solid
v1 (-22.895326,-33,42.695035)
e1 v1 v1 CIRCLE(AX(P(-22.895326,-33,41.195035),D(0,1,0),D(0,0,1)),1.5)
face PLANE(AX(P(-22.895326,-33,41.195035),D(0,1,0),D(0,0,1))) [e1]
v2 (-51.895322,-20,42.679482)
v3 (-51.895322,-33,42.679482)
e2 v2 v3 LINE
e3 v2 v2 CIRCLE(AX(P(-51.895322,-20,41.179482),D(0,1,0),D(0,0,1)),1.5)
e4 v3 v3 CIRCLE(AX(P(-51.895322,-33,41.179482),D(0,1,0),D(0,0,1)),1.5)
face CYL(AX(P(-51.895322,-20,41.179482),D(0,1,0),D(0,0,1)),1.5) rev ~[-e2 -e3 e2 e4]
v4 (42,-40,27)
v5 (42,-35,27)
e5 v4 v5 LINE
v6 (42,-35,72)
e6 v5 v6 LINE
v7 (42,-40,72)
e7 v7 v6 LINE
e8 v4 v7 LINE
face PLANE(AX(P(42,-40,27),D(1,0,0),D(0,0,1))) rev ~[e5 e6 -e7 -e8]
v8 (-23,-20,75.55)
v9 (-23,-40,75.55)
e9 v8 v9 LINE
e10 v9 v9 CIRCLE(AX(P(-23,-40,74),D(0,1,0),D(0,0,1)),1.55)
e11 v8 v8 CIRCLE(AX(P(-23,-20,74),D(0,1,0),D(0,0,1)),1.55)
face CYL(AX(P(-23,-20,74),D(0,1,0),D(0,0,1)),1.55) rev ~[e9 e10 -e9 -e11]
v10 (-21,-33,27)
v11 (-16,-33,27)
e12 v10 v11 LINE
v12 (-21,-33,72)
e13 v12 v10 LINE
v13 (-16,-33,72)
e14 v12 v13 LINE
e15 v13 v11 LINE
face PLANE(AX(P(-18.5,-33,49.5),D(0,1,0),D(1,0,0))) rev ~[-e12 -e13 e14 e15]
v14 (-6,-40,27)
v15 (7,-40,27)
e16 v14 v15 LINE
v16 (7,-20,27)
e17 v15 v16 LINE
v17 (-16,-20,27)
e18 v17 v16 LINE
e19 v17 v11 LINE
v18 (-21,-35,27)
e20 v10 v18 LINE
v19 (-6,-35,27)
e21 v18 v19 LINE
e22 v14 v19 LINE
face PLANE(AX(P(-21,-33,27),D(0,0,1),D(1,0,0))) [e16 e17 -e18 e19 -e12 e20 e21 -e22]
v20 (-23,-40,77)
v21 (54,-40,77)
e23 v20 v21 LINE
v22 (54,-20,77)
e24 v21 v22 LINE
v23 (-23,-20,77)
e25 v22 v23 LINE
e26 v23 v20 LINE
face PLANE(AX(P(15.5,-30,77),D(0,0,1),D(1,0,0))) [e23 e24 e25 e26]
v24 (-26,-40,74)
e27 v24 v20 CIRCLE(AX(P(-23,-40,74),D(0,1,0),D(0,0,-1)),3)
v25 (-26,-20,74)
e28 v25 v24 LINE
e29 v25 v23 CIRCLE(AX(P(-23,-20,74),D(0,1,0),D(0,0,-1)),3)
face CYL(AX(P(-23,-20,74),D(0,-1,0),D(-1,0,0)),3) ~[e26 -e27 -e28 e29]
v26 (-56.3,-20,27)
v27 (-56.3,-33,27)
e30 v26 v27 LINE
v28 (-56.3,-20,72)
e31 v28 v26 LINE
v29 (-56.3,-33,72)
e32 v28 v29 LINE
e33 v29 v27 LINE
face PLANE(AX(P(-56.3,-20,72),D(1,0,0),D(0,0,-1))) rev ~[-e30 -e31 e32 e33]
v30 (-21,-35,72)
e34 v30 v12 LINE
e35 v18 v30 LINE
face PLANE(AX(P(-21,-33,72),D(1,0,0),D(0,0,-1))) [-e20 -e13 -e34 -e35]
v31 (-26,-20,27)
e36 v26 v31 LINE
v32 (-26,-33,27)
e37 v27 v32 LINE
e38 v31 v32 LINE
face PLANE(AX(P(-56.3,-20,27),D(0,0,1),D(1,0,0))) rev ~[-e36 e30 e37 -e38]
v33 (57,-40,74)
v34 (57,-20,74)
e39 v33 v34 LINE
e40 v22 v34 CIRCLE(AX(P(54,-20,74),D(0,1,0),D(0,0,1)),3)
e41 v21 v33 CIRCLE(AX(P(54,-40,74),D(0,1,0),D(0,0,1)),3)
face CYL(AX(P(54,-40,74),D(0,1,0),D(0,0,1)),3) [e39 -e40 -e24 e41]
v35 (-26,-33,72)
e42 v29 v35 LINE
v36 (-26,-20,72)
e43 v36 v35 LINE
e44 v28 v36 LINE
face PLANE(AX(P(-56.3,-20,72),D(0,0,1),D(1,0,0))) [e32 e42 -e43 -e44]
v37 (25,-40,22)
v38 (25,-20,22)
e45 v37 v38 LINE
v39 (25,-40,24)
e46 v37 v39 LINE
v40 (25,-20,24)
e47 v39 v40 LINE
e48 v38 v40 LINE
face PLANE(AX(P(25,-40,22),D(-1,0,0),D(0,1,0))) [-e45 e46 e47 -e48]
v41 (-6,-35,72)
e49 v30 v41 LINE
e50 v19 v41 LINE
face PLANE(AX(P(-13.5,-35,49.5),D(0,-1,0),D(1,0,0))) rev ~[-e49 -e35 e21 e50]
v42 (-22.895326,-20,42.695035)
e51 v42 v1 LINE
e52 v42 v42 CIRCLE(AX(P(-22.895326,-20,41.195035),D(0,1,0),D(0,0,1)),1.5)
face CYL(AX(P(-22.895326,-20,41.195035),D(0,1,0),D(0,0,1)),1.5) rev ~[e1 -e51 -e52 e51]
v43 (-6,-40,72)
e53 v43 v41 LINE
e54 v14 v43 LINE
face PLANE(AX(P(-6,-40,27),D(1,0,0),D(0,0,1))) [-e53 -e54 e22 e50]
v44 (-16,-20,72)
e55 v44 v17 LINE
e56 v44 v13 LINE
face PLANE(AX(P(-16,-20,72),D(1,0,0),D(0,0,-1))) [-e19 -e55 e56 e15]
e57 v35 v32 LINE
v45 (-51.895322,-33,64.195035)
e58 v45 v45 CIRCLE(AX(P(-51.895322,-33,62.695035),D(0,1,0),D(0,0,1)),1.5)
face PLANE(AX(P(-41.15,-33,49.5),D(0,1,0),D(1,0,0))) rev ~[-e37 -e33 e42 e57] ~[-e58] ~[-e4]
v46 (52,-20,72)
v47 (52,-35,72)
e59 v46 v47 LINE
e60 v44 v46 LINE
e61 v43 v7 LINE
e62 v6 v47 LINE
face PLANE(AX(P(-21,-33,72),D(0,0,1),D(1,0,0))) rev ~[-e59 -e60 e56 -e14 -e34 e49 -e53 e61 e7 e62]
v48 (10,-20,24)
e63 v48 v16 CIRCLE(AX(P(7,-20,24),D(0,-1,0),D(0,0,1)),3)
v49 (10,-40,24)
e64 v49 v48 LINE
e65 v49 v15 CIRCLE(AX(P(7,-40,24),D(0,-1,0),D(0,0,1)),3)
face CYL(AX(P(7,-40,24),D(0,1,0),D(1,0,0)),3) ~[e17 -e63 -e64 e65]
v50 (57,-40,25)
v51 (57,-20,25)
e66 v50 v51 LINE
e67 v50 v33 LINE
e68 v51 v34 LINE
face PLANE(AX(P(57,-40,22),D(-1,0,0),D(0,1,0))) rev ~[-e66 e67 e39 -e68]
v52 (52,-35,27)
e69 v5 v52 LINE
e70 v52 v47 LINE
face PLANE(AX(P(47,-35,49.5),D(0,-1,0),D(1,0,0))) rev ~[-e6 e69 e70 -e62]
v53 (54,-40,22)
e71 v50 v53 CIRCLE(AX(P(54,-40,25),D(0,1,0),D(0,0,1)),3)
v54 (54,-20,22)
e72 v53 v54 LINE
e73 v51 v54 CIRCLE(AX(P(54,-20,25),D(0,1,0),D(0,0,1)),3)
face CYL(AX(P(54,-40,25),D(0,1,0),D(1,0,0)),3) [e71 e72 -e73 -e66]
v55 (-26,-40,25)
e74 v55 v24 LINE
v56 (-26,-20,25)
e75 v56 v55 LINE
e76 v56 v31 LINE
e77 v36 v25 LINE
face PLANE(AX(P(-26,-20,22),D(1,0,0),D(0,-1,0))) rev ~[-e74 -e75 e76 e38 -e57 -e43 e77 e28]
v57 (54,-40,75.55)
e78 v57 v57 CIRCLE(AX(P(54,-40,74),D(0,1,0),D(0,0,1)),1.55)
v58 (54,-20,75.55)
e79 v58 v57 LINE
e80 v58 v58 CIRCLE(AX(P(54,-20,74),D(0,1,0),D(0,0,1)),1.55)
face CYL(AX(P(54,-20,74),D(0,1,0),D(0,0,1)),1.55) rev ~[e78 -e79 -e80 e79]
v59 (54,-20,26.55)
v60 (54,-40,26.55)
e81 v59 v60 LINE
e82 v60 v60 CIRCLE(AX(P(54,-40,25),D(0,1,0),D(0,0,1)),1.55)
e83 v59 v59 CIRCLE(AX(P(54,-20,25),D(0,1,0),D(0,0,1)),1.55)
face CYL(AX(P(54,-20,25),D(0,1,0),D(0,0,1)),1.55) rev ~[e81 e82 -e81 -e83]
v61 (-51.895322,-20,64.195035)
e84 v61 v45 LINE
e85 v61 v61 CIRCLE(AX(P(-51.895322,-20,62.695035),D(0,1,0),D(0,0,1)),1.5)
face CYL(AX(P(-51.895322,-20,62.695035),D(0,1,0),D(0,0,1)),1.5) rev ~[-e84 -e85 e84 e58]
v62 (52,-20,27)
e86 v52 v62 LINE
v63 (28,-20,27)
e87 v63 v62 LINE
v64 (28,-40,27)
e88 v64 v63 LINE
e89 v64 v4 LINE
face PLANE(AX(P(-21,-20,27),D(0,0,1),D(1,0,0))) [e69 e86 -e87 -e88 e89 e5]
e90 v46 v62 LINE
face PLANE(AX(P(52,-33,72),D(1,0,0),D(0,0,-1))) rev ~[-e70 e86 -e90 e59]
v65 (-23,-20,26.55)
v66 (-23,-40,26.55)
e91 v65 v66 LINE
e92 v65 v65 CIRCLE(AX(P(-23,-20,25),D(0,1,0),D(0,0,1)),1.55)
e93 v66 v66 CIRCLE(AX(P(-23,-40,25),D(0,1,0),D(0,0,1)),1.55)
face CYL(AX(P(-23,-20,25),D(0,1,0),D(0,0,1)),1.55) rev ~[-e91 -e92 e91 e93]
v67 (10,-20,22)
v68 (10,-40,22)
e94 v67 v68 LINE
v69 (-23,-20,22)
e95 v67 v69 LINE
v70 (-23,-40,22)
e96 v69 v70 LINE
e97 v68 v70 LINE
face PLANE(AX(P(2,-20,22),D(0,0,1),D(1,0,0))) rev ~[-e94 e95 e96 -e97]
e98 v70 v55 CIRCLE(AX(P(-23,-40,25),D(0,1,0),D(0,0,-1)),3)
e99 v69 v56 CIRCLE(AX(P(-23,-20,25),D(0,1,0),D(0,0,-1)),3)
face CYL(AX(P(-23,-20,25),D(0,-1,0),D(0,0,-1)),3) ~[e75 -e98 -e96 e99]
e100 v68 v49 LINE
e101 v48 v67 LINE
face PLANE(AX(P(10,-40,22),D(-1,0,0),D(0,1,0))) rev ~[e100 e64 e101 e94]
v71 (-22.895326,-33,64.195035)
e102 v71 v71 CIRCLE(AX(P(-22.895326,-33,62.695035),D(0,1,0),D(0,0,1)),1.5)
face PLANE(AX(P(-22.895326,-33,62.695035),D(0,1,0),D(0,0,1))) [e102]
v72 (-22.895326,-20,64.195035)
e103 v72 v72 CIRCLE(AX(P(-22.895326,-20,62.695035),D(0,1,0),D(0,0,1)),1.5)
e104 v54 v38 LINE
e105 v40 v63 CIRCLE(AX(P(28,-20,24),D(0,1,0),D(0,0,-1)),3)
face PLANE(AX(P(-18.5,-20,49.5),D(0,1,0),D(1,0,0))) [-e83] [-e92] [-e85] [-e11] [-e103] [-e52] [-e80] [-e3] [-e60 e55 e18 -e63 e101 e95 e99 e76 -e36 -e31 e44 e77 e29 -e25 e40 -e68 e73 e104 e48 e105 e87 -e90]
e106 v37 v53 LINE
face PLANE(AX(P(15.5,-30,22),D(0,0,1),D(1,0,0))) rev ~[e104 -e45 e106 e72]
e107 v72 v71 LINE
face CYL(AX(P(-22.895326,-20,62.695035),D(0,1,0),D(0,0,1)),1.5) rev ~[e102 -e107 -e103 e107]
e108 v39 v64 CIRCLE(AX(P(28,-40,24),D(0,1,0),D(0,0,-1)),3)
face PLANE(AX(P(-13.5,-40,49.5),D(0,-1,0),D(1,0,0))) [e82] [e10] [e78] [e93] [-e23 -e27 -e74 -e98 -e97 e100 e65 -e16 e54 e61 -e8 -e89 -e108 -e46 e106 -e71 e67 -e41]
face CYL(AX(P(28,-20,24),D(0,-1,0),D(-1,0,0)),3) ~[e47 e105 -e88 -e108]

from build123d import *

# Parameters (mm, degrees)
EXTRUDE_1_DEPTH             = 10
EXTRUDE_2_REACH             = 34.619
SKETCH_2_R                  = 10
EXTRUDE_2_DIRECTION_2_DEPTH = 2
SKETCH_6_R                  = 1.65
SKETCH_6_W                  = 14.704506527
SKETCH_6_H                  = 8.520368268
CUT_EXTRUDE_2_DEPTH         = 43.983979574
FILLET_1_R                  = 1
FILLET_2_R                  = 0.5
EXTRUDE_3_DEPTH             = 8
EXTRUDE_4_DEPTH             = 55
SKETCH_9_W                  = 73
SKETCH_9_H                  = 45
CUT_EXTRUDE_3_DEPTH         = 13
SKETCH_10_W                 = 15
SKETCH_10_H                 = 20
CUT_EXTRUDE_4_DEPTH         = 13
SKETCH_11_W                 = 73
SKETCH_11_H                 = 45
CUT_EXTRUDE_6_DEPTH         = 13
SKETCH_12_W                 = 15
SKETCH_12_H                 = 45
SKETCH_12_W_2               = 10
EXTRUDE_5_DEPTH             = 5
FILLET_3_R                  = 3
SKETCH_14_R                 = 1.55
CUT_EXTRUDE_7_DEPTH         = 102.004950374
SKETCH_15_W                 = 8
SKETCH_15_H                 = 22
CUT_EXTRUDE_8_DEPTH         = 20
SKETCH_18_W                 = 5
SKETCH_18_H                 = 45
SKETCH_18_W_2               = 30.3
EXTRUDE_6_DEPTH             = 13
SKETCH_20_R                 = 1.5
CUT_EXTRUDE_9_DEPTH         = 13


with BuildPart() as part:
    # 草图1 → 凸台-拉伸1 (new, symmetric)
    with BuildSketch(Plane.XY):
        with BuildLine():
            Line((-1.15, 3.987480407), (-1.15, 12))
            Line((-1.15, 12), (-4.15, 12))
            Line((-4.15, 12), (-4.15, 4.333301282))
            ThreePointArc((-4.15, 4.333301282), (-4.784308974, 3.620826928), (-5.297685557, 2.816829377))
            Line((-5.297685557, 2.816829377), (-8, -2.265484914))
            Line((-8, -2.265484914), (-8, -30))
            Line((-8, -30), (0, -30))
            Line((0, -30), (0, -8.485281374))
            Line((0, -8.485281374), (4.242640687, -4.242640687))
            ThreePointArc((4.242640687, -4.242640687), (5.999649956, 0.064810571), (4.15, 4.333301282))
            Line((4.15, 4.333301282), (4.15, 12))
            Line((4.15, 12), (1.15, 12))
            Line((1.15, 12), (1.15, 3.987480407))
            ThreePointArc((1.15, 3.987480407), (0, -4.15), (-1.15, 3.987480407))
        make_face()
    extrude(amount=EXTRUDE_1_DEPTH, both=True)

    # 凸台-拉伸2: up to this face of the body (flat: up to its plane)
    extrude_2_end = Plane(part.part.faces().sort_by_distance((-8, -16.132742457, 0))[0])
    # 草图2 → 凸台-拉伸2 (add, up to the picked face)
    with BuildSketch(Plane(origin=(0, 0, 0), x_dir=(0, 0, -1), z_dir=(1, 0, 0)), mode=Mode.PRIVATE) as extrude_2_sk1:
        with Locations((0, -30)):
            Circle(SKETCH_2_R)
    extrude_2_tool1 = split(extrude(extrude_2_sk1.sketch, amount=-EXTRUDE_2_REACH, mode=Mode.PRIVATE), bisect_by=extrude_2_end, keep=Keep.BOTH, mode=Mode.PRIVATE)
    add(extrude_2_tool1.solids().sort_by(Axis((0, -30, 0), (-1, 0, 0)))[0])

    # 草图2 → 凸台-拉伸2 direction 2 (add)
    with BuildSketch(Plane(origin=(0, 0, 0), x_dir=(0, 0, -1), z_dir=(1, 0, 0))):
        with Locations((0, -30)):
            Circle(SKETCH_2_R)
    extrude(amount=EXTRUDE_2_DIRECTION_2_DEPTH)

    # 草图6 → 切除-拉伸2 (cut, through all)
    with BuildSketch(Plane(origin=(4.15, 0, 0), x_dir=(0, 0, -1), z_dir=(1, 0, 0))):
        with Locations(Location((0, 9.5, 0), (0, 0, 90))):
            Circle(SKETCH_6_R)
        with Locations((-12.852253263, 11.760184134)):
            Rectangle(SKETCH_6_W, SKETCH_6_H)
        with Locations((12.852253263, 11.760184134)):
            Rectangle(SKETCH_6_W, SKETCH_6_H)
    extrude(amount=-CUT_EXTRUDE_2_DEPTH, mode=Mode.SUBTRACT)

    # 圆角1
    fillet_1_edges = [part.edges().sort_by_distance(p)[0] for p in [
        (2.65, 7.5, -10),
        (-2.65, 7.5, -10),
        (2.65, 7.5, 10),
        (-2.65, 7.5, 10),
        (2.65, 12, 5.5),
        (-2.65, 12, 5.5),
        (2.65, 12, -5.5),
        (-2.65, 12, -5.5),
    ]]
    fillet(fillet_1_edges, radius=FILLET_1_R)

    # 圆角2
    fillet_2_edges = [part.edges().sort_by_distance(p)[0] for p in [
        (-2.65, 7.5, 5.5),
        (2.65, 7.5, 5.5),
        (2.65, 7.5, -5.5),
        (-2.65, 7.5, -5.5),
    ]]
    fillet(fillet_2_edges, radius=FILLET_2_R)

    # 草图7 → 凸台-拉伸3 (add)
    with BuildSketch(Plane(origin=(2, 0, 0), x_dir=(0, 0, -1), z_dir=(1, 0, 0))):
        with BuildLine():
            Line((0, -20), (-22, -20))
            Line((-22, -20), (-22, -40))
            Line((-22, -40), (0, -40))
            ThreePointArc((0, -40), (10, -30), (0, -20))
        make_face()
    extrude(amount=EXTRUDE_3_DEPTH)

    # 草图8 → 凸台-拉伸4 (add)
    with BuildSketch(Plane.XY.offset(22)):
        Polygon((10, -20), (-26, -20), (-26, -40), (2, -40), (57, -40), (57, -20), align=None)
    extrude(amount=EXTRUDE_4_DEPTH)

    # 草图9 → 切除-拉伸3 (cut)
    with BuildSketch(Plane(origin=(0, -20, 0), x_dir=(1, 0, 0), z_dir=(0, 1, 0))):
        with Locations((15.5, -49.5)):
            Rectangle(SKETCH_9_W, SKETCH_9_H)
    extrude(amount=-CUT_EXTRUDE_3_DEPTH, mode=Mode.SUBTRACT)

    # 草图10 → 切除-拉伸4 (cut)
    with BuildSketch(Plane(origin=(0, 0, 22), x_dir=(-1, 0, 0), z_dir=(0, 0, -1))):
        with Locations((-17.5, -30)):
            Rectangle(SKETCH_10_W, SKETCH_10_H)
    extrude(amount=-CUT_EXTRUDE_4_DEPTH, mode=Mode.SUBTRACT)

    # 草图11 → 切除-拉伸6 (cut)
    with BuildSketch(Plane(origin=(0, -33, 0), x_dir=(1, 0, 0), z_dir=(0, 1, 0))):
        with Locations((15.5, -49.5)):
            Rectangle(SKETCH_11_W, SKETCH_11_H)
    extrude(amount=-CUT_EXTRUDE_6_DEPTH, mode=Mode.SUBTRACT)

    # 草图12 → 凸台-拉伸5 (add)
    with BuildSketch(Plane.XZ.offset(40)):
        with Locations((-13.5, 49.5)):
            Rectangle(SKETCH_12_W, SKETCH_12_H)
        with Locations((47, 49.5)):
            Rectangle(SKETCH_12_W_2, SKETCH_12_H)
    extrude(amount=-EXTRUDE_5_DEPTH)

    # 圆角3
    fillet_3_edges = [part.edges().sort_by_distance(p)[0] for p in [
        (-26, -30, 22),
        (57, -30, 22),
        (-26, -30, 77),
        (57, -30, 77),
        (10, -30, 27),
        (25, -30, 27),
    ]]
    fillet(fillet_3_edges, radius=FILLET_3_R)

    # 草图14 → 切除-拉伸7 (cut, through all)
    with BuildSketch(Plane(origin=(0, -20, 0), x_dir=(1, 0, 0), z_dir=(0, 1, 0))):
        with Locations(Location((-23, -25, 0), (0, 0, 270))):
            Circle(SKETCH_14_R)
        with Locations(Location((54, -25, 0), (0, 0, 270))):
            Circle(SKETCH_14_R)
        with Locations(Location((-23, -74, 0), (0, 0, 270))):
            Circle(SKETCH_14_R)
        with Locations(Location((54, -74, 0), (0, 0, 270))):
            Circle(SKETCH_14_R)
    extrude(amount=-CUT_EXTRUDE_7_DEPTH, mode=Mode.SUBTRACT)

    # 草图15 → 切除-拉伸8 (cut)
    with BuildSketch(Plane(origin=(0, -20, 0), x_dir=(1, 0, 0), z_dir=(0, 1, 0))):
        with Locations((6, -11)):
            Rectangle(SKETCH_15_W, SKETCH_15_H)
    extrude(amount=-CUT_EXTRUDE_8_DEPTH, mode=Mode.SUBTRACT)


with BuildPart() as body_2:
    # of the pieces the cut leaves, the one that is kept (cut_extrude_8_keep)
    add(part.part.solids().sort_by_distance((-26, -20, 25))[0])

    # 草图18 → 凸台-拉伸6 (add)
    with BuildSketch(Plane(origin=(0, -20, 0), x_dir=(1, 0, 0), z_dir=(0, 1, 0))):
        with Locations((-18.5, -49.5)):
            Rectangle(SKETCH_18_W, SKETCH_18_H)
        with Locations((-41.15, -49.5)):
            Rectangle(SKETCH_18_W_2, SKETCH_18_H)
    extrude(amount=-EXTRUDE_6_DEPTH)

    # 草图20 → 切除-拉伸9 (cut)
    with BuildSketch(Plane(origin=(0, -20, 0), x_dir=(1, 0, 0), z_dir=(0, 1, 0))):
        with Locations(Location((-22.89532608, -62.69503523, 0), (0, 0, 270))):
            Circle(SKETCH_20_R)
        with Locations(Location((-51.895321909, -41.179481559, 0), (0, 0, 270))):
            Circle(SKETCH_20_R)
        with Locations((-21.949220364, 0)):
            Circle(SKETCH_20_R)
        with Locations(Location((-51.895321909, -62.69503523, 0), (0, 0, 270))):
            Circle(SKETCH_20_R)
        with Locations(Location((-22.89532608, -41.19503523, 0), (0, 0, 270))):
            Circle(SKETCH_20_R)
    extrude(amount=-CUT_EXTRUDE_9_DEPTH, mode=Mode.SUBTRACT)


solid = body_2.part
